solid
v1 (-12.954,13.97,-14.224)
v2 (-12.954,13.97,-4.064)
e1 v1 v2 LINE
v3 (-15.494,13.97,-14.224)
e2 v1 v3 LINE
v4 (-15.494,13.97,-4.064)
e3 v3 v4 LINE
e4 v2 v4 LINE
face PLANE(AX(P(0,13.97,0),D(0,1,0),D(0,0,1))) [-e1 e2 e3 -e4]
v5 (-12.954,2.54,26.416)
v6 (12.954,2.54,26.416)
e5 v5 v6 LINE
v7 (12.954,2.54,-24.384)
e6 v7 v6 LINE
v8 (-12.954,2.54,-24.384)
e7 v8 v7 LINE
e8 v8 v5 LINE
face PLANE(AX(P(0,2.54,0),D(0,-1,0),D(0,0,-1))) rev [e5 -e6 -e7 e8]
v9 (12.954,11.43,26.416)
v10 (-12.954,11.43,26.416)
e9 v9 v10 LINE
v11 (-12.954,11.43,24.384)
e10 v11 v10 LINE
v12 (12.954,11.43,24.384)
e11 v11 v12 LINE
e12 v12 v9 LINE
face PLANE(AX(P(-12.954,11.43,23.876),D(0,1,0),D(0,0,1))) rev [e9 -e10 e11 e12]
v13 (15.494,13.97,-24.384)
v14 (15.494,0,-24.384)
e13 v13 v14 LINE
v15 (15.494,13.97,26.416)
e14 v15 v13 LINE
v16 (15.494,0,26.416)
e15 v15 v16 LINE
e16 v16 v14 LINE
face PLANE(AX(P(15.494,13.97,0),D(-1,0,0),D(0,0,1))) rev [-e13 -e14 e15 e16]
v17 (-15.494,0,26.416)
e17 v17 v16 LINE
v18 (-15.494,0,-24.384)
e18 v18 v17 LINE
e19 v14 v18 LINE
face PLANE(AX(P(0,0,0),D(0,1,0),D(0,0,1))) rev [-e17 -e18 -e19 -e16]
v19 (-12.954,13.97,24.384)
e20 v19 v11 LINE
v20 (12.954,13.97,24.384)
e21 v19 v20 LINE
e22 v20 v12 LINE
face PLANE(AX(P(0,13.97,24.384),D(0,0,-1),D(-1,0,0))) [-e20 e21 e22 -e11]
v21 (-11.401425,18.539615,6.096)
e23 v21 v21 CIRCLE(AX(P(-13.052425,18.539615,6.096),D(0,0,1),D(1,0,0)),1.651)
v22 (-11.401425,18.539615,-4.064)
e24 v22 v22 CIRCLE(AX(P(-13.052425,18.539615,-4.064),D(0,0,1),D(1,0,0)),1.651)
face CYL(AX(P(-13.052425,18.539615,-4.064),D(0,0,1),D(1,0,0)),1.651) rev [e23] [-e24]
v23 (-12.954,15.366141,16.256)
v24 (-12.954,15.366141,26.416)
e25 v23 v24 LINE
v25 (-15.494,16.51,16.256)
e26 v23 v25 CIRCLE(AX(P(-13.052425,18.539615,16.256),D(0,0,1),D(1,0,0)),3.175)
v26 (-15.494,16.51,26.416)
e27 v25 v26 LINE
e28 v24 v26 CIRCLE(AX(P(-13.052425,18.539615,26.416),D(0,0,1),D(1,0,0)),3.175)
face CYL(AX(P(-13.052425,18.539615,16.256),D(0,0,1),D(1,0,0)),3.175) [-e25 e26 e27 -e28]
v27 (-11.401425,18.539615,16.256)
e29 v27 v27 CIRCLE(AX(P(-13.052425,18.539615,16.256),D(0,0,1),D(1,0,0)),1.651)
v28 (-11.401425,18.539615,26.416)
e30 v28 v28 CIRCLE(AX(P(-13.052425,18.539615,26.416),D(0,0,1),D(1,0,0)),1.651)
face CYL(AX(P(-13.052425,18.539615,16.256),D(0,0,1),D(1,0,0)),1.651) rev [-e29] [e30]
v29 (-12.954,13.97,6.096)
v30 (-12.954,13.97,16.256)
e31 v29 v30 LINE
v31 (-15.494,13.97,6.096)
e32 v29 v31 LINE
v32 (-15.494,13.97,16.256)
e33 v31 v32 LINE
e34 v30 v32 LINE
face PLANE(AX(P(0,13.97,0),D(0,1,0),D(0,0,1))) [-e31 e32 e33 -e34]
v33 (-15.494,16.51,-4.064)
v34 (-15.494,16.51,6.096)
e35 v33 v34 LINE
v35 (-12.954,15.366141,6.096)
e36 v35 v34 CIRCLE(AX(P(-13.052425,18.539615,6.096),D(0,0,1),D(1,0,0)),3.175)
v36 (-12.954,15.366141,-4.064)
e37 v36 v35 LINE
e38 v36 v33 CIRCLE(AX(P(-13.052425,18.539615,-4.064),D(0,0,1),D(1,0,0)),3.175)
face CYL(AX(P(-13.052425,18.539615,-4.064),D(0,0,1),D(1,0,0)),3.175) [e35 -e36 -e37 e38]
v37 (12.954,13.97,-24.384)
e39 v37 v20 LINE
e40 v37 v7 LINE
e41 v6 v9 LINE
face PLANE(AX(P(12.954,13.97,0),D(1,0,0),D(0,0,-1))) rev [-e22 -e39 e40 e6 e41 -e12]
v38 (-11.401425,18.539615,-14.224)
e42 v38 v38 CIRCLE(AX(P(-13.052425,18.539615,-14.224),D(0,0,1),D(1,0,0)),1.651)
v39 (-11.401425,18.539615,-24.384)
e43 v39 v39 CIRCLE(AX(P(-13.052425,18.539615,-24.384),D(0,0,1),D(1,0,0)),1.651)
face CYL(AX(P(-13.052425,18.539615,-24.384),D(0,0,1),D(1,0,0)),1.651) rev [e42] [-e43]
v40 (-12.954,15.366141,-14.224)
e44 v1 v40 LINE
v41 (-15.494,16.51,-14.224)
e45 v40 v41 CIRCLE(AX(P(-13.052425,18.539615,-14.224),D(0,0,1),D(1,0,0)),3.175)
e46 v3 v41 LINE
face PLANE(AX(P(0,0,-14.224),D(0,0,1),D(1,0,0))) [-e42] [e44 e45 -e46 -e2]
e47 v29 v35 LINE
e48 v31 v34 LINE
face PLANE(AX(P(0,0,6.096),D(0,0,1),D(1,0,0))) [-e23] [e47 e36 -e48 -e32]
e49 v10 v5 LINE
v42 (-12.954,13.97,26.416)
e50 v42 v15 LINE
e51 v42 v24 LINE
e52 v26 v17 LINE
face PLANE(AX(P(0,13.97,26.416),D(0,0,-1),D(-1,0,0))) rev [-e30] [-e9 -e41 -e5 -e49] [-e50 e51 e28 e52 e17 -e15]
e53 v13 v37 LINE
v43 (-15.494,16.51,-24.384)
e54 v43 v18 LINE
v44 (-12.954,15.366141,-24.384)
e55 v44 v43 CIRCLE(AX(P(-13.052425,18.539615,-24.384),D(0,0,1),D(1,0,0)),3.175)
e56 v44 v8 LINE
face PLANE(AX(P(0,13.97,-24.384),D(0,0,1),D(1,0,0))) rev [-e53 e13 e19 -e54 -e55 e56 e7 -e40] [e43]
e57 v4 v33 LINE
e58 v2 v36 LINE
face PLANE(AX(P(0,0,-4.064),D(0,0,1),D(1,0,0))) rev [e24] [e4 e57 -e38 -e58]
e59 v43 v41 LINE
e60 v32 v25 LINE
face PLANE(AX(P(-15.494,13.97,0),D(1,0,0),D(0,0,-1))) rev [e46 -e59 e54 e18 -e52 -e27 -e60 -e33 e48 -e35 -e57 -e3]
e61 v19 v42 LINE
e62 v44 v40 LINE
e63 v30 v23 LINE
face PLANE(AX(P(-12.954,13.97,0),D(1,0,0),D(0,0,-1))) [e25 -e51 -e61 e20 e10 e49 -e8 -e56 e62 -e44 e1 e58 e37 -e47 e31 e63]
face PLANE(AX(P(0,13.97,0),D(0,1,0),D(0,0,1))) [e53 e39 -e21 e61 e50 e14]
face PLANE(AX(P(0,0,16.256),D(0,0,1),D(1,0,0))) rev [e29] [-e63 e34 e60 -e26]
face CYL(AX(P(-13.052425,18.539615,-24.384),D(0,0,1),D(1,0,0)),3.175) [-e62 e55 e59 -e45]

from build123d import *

# Parameters (mm, degrees)
BATTERY_WALL_DEPTH  = 13.97
SKETCH1_4_W         = 25.908
SKETCH1_4_H         = 48.768
BATTERY_BASE_DEPTH  = 2.54
SKETCH3_W           = 25.908
SKETCH3_H           = 8.89
BATTERY_GAP_DEPTH   = 2.54
SKETCH4_R           = 1.651
BATTERY_HINGE_DEPTH = 10.16
LPATTERN1_COUNT     = 3
LPATTERN1_PITCH     = 20.32


with BuildPart() as part:
    # Sketch1 → battery-wall (new body)
    with BuildSketch(Plane(origin=(0, 0, 0), x_dir=(1, 0, 0), z_dir=(0, 1, 0))):
        Polygon((-12.954, -24.384), (-12.954, 24.384), (-15.494, 24.384), (-15.494, -26.416), (15.494, -26.416), (15.494, 24.384), (12.954, 24.384), (12.954, -24.384), align=None)
    extrude(amount=BATTERY_WALL_DEPTH)

    # Sketch1<4> → battery-base (add)
    with BuildSketch(Plane(origin=(0, 0, 0), x_dir=(1, 0, 0), z_dir=(0, 1, 0))):
        Rectangle(SKETCH1_4_W, SKETCH1_4_H)
    extrude(amount=BATTERY_BASE_DEPTH)

    # Sketch3 → battery-gap (cut)
    with BuildSketch(Plane.XY.offset(26.416)):
        with Locations((0, 6.985)):
            Rectangle(SKETCH3_W, SKETCH3_H)
    extrude(amount=-BATTERY_GAP_DEPTH, mode=Mode.SUBTRACT)

    # Sketch4 → battery-hinge (add)
    with BuildSketch(Plane.XY.offset(26.416)):
        with BuildLine():
            Line((-15.494, 16.51), (-15.494, 13.97))
            Line((-15.494, 13.97), (-12.954, 13.97))
            Line((-12.954, 13.97), (-12.954, 15.366140824))
            ThreePointArc((-12.954, 15.366140824), (-11.748702854, 21.434599078), (-15.494, 16.51))
        make_face()
        with Locations((-13.052425, 18.53961487)):
            Circle(SKETCH4_R, mode=Mode.SUBTRACT)
    battery_hinge = extrude(amount=-BATTERY_HINGE_DEPTH)

    # LPattern1: battery-hinge ×3
    with Locations(*[(0, 0, -i * LPATTERN1_PITCH) for i in range(1, LPATTERN1_COUNT)]):
        add(battery_hinge)


solid = part.part
